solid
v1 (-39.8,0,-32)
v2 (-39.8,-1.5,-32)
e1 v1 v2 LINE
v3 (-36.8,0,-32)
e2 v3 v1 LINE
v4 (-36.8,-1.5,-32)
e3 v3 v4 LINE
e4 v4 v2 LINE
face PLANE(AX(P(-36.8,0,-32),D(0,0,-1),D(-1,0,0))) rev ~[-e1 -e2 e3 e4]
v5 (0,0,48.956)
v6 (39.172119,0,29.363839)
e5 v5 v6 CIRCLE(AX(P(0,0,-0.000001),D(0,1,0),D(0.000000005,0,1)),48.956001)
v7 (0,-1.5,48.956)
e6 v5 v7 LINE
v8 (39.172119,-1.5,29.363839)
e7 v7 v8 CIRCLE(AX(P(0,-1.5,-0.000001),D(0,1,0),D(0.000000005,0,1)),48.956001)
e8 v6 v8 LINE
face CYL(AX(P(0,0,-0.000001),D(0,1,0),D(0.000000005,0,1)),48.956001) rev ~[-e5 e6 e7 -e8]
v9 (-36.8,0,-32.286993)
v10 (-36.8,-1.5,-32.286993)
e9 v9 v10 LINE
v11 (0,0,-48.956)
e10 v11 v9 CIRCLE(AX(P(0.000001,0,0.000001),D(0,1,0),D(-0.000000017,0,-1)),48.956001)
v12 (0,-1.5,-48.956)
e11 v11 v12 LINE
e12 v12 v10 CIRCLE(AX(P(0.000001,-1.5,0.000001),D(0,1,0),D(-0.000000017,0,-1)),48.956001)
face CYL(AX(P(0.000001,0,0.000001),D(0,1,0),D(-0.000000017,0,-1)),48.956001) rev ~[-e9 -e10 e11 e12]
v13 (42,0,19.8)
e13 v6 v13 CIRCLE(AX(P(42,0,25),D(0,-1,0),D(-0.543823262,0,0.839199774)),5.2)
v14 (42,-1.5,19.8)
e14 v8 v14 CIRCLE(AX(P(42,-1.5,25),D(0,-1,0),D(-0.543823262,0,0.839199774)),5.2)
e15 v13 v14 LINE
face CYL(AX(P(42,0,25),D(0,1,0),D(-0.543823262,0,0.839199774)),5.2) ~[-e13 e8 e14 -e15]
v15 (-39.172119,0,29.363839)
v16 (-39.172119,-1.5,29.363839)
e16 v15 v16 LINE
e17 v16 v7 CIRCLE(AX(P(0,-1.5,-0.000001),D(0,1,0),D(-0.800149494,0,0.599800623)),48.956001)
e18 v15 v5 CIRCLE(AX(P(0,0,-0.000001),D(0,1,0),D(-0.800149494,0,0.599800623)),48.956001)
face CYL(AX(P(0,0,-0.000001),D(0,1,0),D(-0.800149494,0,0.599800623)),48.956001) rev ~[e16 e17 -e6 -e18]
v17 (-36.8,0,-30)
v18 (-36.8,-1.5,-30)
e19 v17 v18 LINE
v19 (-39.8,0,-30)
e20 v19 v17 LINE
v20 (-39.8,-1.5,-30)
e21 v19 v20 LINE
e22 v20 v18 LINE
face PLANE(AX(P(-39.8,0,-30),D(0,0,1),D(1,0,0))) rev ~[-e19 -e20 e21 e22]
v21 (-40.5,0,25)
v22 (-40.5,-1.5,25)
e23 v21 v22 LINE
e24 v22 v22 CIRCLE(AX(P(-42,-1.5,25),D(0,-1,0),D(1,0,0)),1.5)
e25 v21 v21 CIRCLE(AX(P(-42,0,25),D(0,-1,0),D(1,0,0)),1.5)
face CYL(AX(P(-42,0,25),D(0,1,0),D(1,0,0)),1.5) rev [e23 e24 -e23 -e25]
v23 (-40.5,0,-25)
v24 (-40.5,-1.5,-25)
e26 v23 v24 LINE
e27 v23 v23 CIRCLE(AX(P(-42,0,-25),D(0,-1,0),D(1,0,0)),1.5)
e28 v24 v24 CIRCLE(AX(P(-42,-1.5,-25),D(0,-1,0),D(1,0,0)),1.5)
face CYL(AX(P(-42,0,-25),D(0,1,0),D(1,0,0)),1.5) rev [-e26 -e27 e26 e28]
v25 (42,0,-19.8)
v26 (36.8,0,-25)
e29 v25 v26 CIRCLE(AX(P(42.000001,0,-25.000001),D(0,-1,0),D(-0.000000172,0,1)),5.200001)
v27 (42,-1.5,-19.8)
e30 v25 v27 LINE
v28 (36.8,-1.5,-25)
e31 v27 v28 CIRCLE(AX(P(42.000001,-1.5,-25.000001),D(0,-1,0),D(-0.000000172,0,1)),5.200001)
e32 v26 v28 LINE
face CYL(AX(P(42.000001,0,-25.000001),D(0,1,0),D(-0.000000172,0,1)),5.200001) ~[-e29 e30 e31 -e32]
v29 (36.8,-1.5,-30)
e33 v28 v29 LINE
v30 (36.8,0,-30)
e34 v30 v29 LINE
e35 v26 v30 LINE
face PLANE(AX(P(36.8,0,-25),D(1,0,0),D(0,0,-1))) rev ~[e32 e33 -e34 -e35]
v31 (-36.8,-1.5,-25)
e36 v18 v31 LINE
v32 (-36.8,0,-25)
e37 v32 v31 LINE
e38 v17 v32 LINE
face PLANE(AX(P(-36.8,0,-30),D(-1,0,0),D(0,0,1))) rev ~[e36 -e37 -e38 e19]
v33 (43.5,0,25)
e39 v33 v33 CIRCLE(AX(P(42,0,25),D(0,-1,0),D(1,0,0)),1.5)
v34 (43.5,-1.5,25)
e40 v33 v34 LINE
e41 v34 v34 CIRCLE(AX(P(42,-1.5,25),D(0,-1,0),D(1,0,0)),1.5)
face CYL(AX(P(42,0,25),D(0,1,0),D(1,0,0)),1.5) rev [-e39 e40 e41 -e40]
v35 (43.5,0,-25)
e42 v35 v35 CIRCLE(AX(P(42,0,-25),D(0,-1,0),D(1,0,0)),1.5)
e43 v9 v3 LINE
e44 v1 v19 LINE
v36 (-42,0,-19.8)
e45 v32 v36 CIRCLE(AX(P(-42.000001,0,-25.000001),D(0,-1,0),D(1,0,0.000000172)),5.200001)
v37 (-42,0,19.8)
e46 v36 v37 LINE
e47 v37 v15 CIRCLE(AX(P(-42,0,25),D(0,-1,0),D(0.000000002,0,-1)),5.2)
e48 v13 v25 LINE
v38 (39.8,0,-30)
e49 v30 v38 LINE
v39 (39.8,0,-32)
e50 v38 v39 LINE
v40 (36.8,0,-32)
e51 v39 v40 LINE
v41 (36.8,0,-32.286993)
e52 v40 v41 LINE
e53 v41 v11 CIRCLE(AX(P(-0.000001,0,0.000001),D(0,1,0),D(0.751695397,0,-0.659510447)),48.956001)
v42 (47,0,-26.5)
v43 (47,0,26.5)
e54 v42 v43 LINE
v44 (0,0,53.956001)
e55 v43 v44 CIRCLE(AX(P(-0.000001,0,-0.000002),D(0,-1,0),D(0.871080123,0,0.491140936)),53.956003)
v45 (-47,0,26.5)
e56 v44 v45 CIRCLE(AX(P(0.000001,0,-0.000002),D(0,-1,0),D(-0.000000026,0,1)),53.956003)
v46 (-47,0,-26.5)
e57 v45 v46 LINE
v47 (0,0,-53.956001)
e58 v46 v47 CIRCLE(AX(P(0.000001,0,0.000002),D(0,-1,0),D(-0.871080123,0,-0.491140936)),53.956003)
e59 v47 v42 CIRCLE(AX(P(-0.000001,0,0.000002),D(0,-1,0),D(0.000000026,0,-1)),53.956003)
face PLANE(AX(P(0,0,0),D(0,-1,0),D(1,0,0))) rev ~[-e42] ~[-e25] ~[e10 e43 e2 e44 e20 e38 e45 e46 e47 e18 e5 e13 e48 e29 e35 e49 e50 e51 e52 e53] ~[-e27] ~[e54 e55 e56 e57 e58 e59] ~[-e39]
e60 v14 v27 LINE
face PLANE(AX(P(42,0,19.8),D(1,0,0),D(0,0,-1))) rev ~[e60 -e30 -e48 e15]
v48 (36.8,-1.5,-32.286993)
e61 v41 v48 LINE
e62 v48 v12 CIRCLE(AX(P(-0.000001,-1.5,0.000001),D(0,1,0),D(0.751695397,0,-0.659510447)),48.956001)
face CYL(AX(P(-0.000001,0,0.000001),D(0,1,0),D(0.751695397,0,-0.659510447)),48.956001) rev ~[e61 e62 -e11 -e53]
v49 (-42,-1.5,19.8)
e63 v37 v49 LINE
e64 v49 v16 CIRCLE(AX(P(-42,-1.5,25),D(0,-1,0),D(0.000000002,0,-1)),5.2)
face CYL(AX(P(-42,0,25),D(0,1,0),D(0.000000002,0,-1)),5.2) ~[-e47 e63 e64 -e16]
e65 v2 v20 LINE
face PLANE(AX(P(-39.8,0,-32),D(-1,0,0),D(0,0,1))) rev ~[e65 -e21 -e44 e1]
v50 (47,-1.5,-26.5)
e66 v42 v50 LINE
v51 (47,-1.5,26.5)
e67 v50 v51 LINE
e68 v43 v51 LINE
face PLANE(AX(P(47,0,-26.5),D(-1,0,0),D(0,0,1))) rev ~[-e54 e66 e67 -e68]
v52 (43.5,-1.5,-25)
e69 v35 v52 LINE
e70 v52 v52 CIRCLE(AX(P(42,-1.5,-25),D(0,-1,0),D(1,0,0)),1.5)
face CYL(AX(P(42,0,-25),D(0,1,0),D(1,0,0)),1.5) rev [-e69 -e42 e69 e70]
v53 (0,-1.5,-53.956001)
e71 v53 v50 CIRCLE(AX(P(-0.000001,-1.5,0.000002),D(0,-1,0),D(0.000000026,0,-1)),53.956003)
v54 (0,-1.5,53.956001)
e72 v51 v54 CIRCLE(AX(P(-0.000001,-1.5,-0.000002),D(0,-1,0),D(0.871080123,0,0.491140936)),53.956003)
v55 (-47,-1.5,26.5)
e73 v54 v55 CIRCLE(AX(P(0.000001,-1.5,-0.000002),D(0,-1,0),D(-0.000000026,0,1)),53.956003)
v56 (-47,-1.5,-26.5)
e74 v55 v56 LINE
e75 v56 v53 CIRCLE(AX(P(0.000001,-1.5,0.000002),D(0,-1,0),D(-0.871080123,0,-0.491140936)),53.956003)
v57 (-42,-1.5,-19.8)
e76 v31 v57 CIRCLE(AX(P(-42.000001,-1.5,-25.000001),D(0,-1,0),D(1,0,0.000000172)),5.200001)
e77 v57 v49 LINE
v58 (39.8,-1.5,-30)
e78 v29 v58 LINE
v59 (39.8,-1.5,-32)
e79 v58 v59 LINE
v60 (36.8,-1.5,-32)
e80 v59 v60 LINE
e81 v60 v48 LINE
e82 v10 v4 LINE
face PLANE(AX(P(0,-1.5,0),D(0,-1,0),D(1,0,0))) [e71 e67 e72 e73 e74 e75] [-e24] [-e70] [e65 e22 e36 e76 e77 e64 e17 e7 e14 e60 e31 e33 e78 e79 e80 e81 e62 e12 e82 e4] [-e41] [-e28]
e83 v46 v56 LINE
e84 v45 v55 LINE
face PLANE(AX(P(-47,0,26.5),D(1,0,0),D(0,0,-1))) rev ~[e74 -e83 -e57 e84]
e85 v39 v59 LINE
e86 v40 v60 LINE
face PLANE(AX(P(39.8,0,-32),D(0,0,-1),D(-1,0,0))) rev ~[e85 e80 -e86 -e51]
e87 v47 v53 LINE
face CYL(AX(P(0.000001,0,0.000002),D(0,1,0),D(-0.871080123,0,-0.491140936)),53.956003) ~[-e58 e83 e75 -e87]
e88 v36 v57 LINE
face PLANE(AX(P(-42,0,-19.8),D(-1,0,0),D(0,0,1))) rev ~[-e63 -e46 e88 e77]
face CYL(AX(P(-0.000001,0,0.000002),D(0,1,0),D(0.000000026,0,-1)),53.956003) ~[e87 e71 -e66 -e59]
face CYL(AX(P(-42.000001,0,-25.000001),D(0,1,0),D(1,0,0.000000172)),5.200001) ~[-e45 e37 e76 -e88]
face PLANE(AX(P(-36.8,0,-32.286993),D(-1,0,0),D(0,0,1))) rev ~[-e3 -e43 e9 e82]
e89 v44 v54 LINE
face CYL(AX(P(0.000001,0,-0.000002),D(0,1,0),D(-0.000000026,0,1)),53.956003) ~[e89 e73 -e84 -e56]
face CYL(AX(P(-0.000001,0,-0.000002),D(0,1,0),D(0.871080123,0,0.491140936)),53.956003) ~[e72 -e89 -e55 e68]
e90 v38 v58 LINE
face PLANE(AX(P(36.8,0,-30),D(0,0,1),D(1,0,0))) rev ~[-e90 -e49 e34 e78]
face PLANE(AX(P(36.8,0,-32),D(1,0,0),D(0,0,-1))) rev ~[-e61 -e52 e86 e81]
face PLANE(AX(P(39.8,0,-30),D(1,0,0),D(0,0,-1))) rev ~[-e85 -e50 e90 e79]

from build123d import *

# Parameters (mm, degrees)
F0_R     = 1.5
F1_DEPTH = 1.5


with BuildPart() as f1:
    # F0 (on Front) → F1 (new body)
    with BuildSketch(Plane.XZ):
        with BuildLine():
            ThreePointArc((0, 53.956001), (-27.215951, 46.589076), (-47, 26.5))
            Line((-47, 26.5), (-47, -26.5))
            ThreePointArc((-47, -26.5), (-27.215951, -46.589076), (0, -53.956001))
            ThreePointArc((0, -53.956001), (27.215951, -46.589076), (47, -26.5))
            Line((47, -26.5), (47, 26.5))
            ThreePointArc((47, 26.5), (27.215951, 46.589076), (0, 53.956001))
        make_face()
        with Locations((-42, -25)):
            Circle(F0_R, mode=Mode.SUBTRACT)
        with Locations((42, -25)):
            Circle(F0_R, mode=Mode.SUBTRACT)
        with Locations((-42, 25)):
            Circle(F0_R, mode=Mode.SUBTRACT)
        with BuildLine():
            ThreePointArc((-42, 19.8), (-37.01342, 23.525544), (-39.172119, 29.363839))
            ThreePointArc((-39.172119, 29.363839), (-21.899245, 43.784849), (0, 48.956))
            ThreePointArc((0, 48.956), (21.899245, 43.784849), (39.172119, 29.363839))
            ThreePointArc((39.172119, 29.363839), (37.01342, 23.525544), (42, 19.8))
            Line((42, 19.8), (42, -19.8))
            ThreePointArc((42, -19.8), (38.323045, -21.323045), (36.8, -25))
            Line((36.8, -25), (36.8, -30))
            Line((36.8, -30), (39.8, -30))
            Line((39.8, -30), (39.8, -32))
            Line((39.8, -32), (37.04983, -32))
            Line((37.04983, -32), (36.8, -32))
            Line((36.8, -32), (36.8, -32.286993))
            ThreePointArc((36.8, -32.286993), (20.199603, -44.594461), (0, -48.956))
            ThreePointArc((0, -48.956), (-20.199603, -44.594461), (-36.8, -32.286993))
            Line((-36.8, -32.286993), (-36.8, -32))
            Line((-36.8, -32), (-37.04983, -32))
            Line((-37.04983, -32), (-39.8, -32))
            Line((-39.8, -32), (-39.8, -30))
            Line((-39.8, -30), (-36.8, -30))
            Line((-36.8, -30), (-36.8, -25))
            ThreePointArc((-36.8, -25), (-38.323045, -21.323045), (-42, -19.8))
            Line((-42, -19.8), (-42, 19.8))
        make_face(mode=Mode.SUBTRACT)
        with Locations((42, 25)):
            Circle(F0_R, mode=Mode.SUBTRACT)
    extrude(amount=F1_DEPTH)


solid = f1.part
